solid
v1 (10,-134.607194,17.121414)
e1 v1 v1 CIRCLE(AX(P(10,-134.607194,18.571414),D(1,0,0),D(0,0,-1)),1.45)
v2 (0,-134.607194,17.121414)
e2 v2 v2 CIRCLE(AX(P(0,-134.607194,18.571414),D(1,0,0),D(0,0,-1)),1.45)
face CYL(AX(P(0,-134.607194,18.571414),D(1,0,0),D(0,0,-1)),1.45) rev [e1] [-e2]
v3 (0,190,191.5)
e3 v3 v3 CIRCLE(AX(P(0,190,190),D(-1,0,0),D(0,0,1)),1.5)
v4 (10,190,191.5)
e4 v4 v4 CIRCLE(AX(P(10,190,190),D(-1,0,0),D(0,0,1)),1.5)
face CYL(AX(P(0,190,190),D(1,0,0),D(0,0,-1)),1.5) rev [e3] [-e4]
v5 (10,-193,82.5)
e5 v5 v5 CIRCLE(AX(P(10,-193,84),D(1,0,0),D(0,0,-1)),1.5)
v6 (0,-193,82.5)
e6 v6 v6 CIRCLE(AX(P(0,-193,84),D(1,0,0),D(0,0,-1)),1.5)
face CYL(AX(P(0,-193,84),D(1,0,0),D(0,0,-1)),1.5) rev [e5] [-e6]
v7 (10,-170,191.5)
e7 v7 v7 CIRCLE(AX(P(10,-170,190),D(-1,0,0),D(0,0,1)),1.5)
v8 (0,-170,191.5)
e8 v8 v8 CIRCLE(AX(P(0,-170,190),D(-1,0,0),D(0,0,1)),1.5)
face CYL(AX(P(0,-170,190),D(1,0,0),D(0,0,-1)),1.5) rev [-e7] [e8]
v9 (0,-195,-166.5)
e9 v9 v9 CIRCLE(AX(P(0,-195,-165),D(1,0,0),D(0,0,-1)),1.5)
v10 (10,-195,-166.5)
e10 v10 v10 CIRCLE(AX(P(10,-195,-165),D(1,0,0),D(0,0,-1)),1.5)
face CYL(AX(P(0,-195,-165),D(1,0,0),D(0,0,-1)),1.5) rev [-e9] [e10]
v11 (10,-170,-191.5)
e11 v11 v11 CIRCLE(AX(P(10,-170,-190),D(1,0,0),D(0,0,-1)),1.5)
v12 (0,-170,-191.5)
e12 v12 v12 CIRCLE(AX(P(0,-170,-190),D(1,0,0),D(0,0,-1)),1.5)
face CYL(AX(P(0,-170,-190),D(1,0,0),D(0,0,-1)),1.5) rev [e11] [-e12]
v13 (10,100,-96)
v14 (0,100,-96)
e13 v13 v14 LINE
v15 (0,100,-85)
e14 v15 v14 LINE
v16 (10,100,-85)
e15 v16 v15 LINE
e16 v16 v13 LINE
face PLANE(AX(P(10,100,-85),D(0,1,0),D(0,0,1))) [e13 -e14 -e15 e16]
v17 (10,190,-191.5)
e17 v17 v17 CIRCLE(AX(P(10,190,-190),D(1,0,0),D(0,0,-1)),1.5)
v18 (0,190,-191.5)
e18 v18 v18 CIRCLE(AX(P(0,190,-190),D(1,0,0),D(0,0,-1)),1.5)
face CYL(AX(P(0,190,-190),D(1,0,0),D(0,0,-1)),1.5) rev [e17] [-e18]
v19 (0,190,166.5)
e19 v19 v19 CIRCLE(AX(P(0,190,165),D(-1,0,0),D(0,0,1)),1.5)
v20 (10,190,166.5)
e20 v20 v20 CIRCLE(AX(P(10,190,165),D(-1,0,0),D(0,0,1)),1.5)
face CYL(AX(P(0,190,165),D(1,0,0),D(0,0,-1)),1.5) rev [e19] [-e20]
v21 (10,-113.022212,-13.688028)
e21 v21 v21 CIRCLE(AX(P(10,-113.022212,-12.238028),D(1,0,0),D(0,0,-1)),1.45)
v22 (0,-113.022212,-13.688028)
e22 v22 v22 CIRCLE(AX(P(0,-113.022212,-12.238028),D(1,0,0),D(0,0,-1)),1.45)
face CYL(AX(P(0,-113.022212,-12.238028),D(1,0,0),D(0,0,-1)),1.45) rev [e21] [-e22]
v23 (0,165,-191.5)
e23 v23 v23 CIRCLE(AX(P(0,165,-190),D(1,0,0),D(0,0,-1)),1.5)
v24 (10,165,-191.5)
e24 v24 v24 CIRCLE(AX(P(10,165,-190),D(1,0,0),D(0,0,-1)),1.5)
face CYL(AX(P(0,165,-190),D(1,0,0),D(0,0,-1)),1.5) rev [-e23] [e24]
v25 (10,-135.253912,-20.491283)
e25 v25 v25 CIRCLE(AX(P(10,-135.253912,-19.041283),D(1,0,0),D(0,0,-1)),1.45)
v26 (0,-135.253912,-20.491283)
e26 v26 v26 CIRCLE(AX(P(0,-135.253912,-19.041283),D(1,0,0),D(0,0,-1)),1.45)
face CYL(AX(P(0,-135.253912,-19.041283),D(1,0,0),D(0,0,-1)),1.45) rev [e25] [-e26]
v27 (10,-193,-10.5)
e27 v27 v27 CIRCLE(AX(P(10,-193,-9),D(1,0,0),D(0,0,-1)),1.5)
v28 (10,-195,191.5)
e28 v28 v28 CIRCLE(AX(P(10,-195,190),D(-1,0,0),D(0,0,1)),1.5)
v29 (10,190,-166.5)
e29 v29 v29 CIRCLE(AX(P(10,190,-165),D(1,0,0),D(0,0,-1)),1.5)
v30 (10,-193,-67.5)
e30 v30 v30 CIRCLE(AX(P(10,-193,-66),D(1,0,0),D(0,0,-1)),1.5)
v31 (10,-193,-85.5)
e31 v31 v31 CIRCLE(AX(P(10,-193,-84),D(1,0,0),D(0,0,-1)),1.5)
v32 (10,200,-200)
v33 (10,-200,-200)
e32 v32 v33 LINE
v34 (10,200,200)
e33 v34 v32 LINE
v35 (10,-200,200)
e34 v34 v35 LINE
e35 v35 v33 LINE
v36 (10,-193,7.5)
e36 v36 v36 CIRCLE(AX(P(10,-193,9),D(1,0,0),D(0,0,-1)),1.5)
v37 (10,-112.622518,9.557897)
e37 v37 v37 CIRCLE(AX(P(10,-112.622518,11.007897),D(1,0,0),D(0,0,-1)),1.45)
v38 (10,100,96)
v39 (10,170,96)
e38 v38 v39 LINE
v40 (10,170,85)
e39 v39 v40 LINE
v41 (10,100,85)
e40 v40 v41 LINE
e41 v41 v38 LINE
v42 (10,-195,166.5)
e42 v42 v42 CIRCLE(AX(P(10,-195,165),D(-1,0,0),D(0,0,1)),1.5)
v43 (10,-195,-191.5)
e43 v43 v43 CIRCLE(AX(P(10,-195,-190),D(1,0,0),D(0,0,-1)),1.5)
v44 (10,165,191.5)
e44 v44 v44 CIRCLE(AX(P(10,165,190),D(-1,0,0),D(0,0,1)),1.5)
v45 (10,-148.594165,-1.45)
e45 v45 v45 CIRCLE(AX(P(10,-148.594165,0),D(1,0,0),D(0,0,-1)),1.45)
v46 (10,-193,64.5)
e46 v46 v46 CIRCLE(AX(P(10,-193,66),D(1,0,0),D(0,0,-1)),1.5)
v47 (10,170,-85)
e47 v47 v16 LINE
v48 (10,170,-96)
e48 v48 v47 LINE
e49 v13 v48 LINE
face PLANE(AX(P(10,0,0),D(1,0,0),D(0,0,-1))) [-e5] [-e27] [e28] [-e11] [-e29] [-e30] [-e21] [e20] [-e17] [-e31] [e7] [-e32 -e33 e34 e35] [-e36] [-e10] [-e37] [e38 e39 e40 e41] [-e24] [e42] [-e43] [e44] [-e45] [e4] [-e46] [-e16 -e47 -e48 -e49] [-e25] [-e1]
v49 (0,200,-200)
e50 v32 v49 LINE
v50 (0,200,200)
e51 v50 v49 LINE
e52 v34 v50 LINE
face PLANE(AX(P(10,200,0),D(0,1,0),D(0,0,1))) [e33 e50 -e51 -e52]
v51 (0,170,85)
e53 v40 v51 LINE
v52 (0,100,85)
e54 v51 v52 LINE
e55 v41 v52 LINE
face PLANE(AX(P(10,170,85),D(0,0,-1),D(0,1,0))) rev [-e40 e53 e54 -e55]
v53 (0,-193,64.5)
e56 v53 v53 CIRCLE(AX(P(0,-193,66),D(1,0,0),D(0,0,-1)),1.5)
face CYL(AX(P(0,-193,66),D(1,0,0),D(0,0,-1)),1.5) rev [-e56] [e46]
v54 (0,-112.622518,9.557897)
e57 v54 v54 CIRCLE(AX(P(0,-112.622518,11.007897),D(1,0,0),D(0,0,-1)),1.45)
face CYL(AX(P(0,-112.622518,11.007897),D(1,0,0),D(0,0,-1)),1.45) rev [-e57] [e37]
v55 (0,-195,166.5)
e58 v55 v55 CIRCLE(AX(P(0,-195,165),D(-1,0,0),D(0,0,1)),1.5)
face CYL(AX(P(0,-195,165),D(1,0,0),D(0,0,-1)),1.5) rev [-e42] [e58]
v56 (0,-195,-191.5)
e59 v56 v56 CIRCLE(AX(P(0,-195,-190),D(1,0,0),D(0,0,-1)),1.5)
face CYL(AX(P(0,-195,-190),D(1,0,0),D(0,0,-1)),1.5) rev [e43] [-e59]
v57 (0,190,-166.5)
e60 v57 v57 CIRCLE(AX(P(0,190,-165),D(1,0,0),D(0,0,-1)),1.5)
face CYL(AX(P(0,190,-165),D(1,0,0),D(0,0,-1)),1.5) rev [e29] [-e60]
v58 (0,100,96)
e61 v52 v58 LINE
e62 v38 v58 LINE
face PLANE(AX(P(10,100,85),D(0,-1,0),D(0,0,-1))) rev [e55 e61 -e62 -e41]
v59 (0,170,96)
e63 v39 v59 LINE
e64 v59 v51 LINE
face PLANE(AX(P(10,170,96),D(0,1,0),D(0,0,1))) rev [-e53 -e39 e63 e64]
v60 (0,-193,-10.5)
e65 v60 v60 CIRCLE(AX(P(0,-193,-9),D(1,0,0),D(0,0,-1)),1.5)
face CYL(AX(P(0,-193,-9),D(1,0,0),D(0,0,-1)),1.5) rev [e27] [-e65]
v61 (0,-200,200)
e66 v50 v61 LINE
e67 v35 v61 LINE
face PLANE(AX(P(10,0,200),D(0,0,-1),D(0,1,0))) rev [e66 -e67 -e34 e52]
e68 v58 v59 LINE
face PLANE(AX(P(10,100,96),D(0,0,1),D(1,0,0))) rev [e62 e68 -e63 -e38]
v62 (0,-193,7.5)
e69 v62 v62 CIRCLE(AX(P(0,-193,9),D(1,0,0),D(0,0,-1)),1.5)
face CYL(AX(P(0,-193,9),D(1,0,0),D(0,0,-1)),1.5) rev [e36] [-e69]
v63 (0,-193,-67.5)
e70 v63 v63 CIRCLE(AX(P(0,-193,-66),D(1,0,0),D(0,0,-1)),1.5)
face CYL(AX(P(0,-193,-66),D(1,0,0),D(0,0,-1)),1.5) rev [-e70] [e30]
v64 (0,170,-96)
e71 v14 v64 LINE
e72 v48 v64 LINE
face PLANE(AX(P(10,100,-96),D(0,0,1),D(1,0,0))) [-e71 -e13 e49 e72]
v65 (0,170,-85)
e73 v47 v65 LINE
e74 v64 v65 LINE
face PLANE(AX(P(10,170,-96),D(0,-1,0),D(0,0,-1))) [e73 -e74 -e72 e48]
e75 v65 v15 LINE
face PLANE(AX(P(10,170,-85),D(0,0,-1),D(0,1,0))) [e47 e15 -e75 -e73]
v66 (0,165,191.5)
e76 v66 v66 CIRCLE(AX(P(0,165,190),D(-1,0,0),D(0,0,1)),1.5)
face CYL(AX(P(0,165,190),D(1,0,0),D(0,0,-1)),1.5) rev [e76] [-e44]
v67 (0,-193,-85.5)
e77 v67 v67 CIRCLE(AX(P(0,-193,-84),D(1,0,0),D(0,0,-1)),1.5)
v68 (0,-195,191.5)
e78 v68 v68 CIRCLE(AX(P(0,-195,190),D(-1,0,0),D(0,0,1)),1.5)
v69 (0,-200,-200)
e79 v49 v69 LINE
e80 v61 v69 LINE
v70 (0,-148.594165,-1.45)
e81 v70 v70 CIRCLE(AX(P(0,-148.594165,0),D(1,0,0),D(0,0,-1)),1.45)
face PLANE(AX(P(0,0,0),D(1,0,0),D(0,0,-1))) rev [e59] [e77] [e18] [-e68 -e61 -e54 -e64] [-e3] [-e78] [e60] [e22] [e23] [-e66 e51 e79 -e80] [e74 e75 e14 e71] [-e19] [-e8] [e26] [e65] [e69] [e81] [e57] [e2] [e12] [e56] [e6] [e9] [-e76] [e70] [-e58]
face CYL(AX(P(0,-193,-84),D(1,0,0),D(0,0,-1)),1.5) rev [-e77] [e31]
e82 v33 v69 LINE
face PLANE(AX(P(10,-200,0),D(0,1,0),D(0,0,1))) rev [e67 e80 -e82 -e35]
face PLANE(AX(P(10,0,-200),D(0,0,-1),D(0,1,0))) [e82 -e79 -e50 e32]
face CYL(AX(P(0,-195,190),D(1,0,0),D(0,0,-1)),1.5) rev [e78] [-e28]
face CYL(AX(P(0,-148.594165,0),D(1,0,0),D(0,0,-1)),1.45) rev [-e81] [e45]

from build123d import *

# Parameters (mm, degrees)
SKETCH_1_W          = 400
SKETCH_1_H          = 400
EXTRUDE_1_DEPTH     = 10
SKETCH_2_R          = 1.5
CUT_EXTRUDE_1_DEPTH = 10
SKETCH_3_R          = 1.5
CUT_EXTRUDE_2_DEPTH = 10
SKETCH_4_R          = 1.45
CUT_EXTRUDE_3_DEPTH = 10
SKETCH_5_W          = 11
SKETCH_5_H          = 70
CUT_EXTRUDE_5_DEPTH = 10


with BuildPart() as part:
    # 草图1 → 凸台-拉伸1 (new body)
    with BuildSketch(Plane(origin=(0, 0, 0), x_dir=(0, 0, -1), z_dir=(1, 0, 0))):
        Rectangle(SKETCH_1_W, SKETCH_1_H)
    extrude(amount=EXTRUDE_1_DEPTH)

    # 草图2 → 切除-拉伸1 (cut)
    with BuildSketch(Plane(origin=(10, 0, 0), x_dir=(0, 0, -1), z_dir=(1, 0, 0))):
        with Locations((190, 190)):
            Circle(SKETCH_2_R)
        with Locations((165, 190)):
            Circle(SKETCH_2_R)
        with Locations((190, 165)):
            Circle(SKETCH_2_R)
        with Locations((190, -195)):
            Circle(SKETCH_2_R)
        with Locations((165, -195)):
            Circle(SKETCH_2_R)
        with Locations((190, -170)):
            Circle(SKETCH_2_R)
    cut_extrude_1 = extrude(amount=-CUT_EXTRUDE_1_DEPTH, mode=Mode.SUBTRACT)

    # 草图3 → 切除-拉伸2 (cut)
    with BuildSketch(Plane(origin=(10, 0, 0), x_dir=(0, 0, -1), z_dir=(1, 0, 0))):
        with Locations((-84, -193)):
            Circle(SKETCH_3_R)
        with Locations((-66, -193)):
            Circle(SKETCH_3_R)
        with Locations((-9, -193)):
            Circle(SKETCH_3_R)
        with Locations((9, -193)):
            Circle(SKETCH_3_R)
        with Locations((66, -193)):
            Circle(SKETCH_3_R)
        with Locations((84, -193)):
            Circle(SKETCH_3_R)
    extrude(amount=-CUT_EXTRUDE_2_DEPTH, mode=Mode.SUBTRACT)

    # 镜向1: 切除-拉伸1 across plane
    add(cut_extrude_1.mirror(Plane.XY), mode=Mode.SUBTRACT)

    # 草图4 → 切除-拉伸3 (cut)
    with BuildSketch(Plane(origin=(10, 0, 0), x_dir=(0, 0, -1), z_dir=(1, 0, 0))):
        with Locations((-11.007896697, -112.622517601)):
            Circle(SKETCH_4_R)
        with Locations((12.238028253, -113.022211572)):
            Circle(SKETCH_4_R)
        with Locations((-18.571414113, -134.607193773)):
            Circle(SKETCH_4_R)
        with Locations((19.041282557, -135.253912204)):
            Circle(SKETCH_4_R)
        with Locations((0, -148.59416485)):
            Circle(SKETCH_4_R)
    extrude(amount=-CUT_EXTRUDE_3_DEPTH, mode=Mode.SUBTRACT)

    # 草图5 → 切除-拉伸5 (cut)
    with BuildSketch(Plane(origin=(0, 0, 0), x_dir=(0, 0, -1), z_dir=(1, 0, 0))):
        with Locations((-90.5, 135)):
            Rectangle(SKETCH_5_W, SKETCH_5_H)
        with Locations((90.5, 135)):
            Rectangle(SKETCH_5_W, SKETCH_5_H)
    extrude(amount=CUT_EXTRUDE_5_DEPTH, mode=Mode.SUBTRACT)


solid = part.part
